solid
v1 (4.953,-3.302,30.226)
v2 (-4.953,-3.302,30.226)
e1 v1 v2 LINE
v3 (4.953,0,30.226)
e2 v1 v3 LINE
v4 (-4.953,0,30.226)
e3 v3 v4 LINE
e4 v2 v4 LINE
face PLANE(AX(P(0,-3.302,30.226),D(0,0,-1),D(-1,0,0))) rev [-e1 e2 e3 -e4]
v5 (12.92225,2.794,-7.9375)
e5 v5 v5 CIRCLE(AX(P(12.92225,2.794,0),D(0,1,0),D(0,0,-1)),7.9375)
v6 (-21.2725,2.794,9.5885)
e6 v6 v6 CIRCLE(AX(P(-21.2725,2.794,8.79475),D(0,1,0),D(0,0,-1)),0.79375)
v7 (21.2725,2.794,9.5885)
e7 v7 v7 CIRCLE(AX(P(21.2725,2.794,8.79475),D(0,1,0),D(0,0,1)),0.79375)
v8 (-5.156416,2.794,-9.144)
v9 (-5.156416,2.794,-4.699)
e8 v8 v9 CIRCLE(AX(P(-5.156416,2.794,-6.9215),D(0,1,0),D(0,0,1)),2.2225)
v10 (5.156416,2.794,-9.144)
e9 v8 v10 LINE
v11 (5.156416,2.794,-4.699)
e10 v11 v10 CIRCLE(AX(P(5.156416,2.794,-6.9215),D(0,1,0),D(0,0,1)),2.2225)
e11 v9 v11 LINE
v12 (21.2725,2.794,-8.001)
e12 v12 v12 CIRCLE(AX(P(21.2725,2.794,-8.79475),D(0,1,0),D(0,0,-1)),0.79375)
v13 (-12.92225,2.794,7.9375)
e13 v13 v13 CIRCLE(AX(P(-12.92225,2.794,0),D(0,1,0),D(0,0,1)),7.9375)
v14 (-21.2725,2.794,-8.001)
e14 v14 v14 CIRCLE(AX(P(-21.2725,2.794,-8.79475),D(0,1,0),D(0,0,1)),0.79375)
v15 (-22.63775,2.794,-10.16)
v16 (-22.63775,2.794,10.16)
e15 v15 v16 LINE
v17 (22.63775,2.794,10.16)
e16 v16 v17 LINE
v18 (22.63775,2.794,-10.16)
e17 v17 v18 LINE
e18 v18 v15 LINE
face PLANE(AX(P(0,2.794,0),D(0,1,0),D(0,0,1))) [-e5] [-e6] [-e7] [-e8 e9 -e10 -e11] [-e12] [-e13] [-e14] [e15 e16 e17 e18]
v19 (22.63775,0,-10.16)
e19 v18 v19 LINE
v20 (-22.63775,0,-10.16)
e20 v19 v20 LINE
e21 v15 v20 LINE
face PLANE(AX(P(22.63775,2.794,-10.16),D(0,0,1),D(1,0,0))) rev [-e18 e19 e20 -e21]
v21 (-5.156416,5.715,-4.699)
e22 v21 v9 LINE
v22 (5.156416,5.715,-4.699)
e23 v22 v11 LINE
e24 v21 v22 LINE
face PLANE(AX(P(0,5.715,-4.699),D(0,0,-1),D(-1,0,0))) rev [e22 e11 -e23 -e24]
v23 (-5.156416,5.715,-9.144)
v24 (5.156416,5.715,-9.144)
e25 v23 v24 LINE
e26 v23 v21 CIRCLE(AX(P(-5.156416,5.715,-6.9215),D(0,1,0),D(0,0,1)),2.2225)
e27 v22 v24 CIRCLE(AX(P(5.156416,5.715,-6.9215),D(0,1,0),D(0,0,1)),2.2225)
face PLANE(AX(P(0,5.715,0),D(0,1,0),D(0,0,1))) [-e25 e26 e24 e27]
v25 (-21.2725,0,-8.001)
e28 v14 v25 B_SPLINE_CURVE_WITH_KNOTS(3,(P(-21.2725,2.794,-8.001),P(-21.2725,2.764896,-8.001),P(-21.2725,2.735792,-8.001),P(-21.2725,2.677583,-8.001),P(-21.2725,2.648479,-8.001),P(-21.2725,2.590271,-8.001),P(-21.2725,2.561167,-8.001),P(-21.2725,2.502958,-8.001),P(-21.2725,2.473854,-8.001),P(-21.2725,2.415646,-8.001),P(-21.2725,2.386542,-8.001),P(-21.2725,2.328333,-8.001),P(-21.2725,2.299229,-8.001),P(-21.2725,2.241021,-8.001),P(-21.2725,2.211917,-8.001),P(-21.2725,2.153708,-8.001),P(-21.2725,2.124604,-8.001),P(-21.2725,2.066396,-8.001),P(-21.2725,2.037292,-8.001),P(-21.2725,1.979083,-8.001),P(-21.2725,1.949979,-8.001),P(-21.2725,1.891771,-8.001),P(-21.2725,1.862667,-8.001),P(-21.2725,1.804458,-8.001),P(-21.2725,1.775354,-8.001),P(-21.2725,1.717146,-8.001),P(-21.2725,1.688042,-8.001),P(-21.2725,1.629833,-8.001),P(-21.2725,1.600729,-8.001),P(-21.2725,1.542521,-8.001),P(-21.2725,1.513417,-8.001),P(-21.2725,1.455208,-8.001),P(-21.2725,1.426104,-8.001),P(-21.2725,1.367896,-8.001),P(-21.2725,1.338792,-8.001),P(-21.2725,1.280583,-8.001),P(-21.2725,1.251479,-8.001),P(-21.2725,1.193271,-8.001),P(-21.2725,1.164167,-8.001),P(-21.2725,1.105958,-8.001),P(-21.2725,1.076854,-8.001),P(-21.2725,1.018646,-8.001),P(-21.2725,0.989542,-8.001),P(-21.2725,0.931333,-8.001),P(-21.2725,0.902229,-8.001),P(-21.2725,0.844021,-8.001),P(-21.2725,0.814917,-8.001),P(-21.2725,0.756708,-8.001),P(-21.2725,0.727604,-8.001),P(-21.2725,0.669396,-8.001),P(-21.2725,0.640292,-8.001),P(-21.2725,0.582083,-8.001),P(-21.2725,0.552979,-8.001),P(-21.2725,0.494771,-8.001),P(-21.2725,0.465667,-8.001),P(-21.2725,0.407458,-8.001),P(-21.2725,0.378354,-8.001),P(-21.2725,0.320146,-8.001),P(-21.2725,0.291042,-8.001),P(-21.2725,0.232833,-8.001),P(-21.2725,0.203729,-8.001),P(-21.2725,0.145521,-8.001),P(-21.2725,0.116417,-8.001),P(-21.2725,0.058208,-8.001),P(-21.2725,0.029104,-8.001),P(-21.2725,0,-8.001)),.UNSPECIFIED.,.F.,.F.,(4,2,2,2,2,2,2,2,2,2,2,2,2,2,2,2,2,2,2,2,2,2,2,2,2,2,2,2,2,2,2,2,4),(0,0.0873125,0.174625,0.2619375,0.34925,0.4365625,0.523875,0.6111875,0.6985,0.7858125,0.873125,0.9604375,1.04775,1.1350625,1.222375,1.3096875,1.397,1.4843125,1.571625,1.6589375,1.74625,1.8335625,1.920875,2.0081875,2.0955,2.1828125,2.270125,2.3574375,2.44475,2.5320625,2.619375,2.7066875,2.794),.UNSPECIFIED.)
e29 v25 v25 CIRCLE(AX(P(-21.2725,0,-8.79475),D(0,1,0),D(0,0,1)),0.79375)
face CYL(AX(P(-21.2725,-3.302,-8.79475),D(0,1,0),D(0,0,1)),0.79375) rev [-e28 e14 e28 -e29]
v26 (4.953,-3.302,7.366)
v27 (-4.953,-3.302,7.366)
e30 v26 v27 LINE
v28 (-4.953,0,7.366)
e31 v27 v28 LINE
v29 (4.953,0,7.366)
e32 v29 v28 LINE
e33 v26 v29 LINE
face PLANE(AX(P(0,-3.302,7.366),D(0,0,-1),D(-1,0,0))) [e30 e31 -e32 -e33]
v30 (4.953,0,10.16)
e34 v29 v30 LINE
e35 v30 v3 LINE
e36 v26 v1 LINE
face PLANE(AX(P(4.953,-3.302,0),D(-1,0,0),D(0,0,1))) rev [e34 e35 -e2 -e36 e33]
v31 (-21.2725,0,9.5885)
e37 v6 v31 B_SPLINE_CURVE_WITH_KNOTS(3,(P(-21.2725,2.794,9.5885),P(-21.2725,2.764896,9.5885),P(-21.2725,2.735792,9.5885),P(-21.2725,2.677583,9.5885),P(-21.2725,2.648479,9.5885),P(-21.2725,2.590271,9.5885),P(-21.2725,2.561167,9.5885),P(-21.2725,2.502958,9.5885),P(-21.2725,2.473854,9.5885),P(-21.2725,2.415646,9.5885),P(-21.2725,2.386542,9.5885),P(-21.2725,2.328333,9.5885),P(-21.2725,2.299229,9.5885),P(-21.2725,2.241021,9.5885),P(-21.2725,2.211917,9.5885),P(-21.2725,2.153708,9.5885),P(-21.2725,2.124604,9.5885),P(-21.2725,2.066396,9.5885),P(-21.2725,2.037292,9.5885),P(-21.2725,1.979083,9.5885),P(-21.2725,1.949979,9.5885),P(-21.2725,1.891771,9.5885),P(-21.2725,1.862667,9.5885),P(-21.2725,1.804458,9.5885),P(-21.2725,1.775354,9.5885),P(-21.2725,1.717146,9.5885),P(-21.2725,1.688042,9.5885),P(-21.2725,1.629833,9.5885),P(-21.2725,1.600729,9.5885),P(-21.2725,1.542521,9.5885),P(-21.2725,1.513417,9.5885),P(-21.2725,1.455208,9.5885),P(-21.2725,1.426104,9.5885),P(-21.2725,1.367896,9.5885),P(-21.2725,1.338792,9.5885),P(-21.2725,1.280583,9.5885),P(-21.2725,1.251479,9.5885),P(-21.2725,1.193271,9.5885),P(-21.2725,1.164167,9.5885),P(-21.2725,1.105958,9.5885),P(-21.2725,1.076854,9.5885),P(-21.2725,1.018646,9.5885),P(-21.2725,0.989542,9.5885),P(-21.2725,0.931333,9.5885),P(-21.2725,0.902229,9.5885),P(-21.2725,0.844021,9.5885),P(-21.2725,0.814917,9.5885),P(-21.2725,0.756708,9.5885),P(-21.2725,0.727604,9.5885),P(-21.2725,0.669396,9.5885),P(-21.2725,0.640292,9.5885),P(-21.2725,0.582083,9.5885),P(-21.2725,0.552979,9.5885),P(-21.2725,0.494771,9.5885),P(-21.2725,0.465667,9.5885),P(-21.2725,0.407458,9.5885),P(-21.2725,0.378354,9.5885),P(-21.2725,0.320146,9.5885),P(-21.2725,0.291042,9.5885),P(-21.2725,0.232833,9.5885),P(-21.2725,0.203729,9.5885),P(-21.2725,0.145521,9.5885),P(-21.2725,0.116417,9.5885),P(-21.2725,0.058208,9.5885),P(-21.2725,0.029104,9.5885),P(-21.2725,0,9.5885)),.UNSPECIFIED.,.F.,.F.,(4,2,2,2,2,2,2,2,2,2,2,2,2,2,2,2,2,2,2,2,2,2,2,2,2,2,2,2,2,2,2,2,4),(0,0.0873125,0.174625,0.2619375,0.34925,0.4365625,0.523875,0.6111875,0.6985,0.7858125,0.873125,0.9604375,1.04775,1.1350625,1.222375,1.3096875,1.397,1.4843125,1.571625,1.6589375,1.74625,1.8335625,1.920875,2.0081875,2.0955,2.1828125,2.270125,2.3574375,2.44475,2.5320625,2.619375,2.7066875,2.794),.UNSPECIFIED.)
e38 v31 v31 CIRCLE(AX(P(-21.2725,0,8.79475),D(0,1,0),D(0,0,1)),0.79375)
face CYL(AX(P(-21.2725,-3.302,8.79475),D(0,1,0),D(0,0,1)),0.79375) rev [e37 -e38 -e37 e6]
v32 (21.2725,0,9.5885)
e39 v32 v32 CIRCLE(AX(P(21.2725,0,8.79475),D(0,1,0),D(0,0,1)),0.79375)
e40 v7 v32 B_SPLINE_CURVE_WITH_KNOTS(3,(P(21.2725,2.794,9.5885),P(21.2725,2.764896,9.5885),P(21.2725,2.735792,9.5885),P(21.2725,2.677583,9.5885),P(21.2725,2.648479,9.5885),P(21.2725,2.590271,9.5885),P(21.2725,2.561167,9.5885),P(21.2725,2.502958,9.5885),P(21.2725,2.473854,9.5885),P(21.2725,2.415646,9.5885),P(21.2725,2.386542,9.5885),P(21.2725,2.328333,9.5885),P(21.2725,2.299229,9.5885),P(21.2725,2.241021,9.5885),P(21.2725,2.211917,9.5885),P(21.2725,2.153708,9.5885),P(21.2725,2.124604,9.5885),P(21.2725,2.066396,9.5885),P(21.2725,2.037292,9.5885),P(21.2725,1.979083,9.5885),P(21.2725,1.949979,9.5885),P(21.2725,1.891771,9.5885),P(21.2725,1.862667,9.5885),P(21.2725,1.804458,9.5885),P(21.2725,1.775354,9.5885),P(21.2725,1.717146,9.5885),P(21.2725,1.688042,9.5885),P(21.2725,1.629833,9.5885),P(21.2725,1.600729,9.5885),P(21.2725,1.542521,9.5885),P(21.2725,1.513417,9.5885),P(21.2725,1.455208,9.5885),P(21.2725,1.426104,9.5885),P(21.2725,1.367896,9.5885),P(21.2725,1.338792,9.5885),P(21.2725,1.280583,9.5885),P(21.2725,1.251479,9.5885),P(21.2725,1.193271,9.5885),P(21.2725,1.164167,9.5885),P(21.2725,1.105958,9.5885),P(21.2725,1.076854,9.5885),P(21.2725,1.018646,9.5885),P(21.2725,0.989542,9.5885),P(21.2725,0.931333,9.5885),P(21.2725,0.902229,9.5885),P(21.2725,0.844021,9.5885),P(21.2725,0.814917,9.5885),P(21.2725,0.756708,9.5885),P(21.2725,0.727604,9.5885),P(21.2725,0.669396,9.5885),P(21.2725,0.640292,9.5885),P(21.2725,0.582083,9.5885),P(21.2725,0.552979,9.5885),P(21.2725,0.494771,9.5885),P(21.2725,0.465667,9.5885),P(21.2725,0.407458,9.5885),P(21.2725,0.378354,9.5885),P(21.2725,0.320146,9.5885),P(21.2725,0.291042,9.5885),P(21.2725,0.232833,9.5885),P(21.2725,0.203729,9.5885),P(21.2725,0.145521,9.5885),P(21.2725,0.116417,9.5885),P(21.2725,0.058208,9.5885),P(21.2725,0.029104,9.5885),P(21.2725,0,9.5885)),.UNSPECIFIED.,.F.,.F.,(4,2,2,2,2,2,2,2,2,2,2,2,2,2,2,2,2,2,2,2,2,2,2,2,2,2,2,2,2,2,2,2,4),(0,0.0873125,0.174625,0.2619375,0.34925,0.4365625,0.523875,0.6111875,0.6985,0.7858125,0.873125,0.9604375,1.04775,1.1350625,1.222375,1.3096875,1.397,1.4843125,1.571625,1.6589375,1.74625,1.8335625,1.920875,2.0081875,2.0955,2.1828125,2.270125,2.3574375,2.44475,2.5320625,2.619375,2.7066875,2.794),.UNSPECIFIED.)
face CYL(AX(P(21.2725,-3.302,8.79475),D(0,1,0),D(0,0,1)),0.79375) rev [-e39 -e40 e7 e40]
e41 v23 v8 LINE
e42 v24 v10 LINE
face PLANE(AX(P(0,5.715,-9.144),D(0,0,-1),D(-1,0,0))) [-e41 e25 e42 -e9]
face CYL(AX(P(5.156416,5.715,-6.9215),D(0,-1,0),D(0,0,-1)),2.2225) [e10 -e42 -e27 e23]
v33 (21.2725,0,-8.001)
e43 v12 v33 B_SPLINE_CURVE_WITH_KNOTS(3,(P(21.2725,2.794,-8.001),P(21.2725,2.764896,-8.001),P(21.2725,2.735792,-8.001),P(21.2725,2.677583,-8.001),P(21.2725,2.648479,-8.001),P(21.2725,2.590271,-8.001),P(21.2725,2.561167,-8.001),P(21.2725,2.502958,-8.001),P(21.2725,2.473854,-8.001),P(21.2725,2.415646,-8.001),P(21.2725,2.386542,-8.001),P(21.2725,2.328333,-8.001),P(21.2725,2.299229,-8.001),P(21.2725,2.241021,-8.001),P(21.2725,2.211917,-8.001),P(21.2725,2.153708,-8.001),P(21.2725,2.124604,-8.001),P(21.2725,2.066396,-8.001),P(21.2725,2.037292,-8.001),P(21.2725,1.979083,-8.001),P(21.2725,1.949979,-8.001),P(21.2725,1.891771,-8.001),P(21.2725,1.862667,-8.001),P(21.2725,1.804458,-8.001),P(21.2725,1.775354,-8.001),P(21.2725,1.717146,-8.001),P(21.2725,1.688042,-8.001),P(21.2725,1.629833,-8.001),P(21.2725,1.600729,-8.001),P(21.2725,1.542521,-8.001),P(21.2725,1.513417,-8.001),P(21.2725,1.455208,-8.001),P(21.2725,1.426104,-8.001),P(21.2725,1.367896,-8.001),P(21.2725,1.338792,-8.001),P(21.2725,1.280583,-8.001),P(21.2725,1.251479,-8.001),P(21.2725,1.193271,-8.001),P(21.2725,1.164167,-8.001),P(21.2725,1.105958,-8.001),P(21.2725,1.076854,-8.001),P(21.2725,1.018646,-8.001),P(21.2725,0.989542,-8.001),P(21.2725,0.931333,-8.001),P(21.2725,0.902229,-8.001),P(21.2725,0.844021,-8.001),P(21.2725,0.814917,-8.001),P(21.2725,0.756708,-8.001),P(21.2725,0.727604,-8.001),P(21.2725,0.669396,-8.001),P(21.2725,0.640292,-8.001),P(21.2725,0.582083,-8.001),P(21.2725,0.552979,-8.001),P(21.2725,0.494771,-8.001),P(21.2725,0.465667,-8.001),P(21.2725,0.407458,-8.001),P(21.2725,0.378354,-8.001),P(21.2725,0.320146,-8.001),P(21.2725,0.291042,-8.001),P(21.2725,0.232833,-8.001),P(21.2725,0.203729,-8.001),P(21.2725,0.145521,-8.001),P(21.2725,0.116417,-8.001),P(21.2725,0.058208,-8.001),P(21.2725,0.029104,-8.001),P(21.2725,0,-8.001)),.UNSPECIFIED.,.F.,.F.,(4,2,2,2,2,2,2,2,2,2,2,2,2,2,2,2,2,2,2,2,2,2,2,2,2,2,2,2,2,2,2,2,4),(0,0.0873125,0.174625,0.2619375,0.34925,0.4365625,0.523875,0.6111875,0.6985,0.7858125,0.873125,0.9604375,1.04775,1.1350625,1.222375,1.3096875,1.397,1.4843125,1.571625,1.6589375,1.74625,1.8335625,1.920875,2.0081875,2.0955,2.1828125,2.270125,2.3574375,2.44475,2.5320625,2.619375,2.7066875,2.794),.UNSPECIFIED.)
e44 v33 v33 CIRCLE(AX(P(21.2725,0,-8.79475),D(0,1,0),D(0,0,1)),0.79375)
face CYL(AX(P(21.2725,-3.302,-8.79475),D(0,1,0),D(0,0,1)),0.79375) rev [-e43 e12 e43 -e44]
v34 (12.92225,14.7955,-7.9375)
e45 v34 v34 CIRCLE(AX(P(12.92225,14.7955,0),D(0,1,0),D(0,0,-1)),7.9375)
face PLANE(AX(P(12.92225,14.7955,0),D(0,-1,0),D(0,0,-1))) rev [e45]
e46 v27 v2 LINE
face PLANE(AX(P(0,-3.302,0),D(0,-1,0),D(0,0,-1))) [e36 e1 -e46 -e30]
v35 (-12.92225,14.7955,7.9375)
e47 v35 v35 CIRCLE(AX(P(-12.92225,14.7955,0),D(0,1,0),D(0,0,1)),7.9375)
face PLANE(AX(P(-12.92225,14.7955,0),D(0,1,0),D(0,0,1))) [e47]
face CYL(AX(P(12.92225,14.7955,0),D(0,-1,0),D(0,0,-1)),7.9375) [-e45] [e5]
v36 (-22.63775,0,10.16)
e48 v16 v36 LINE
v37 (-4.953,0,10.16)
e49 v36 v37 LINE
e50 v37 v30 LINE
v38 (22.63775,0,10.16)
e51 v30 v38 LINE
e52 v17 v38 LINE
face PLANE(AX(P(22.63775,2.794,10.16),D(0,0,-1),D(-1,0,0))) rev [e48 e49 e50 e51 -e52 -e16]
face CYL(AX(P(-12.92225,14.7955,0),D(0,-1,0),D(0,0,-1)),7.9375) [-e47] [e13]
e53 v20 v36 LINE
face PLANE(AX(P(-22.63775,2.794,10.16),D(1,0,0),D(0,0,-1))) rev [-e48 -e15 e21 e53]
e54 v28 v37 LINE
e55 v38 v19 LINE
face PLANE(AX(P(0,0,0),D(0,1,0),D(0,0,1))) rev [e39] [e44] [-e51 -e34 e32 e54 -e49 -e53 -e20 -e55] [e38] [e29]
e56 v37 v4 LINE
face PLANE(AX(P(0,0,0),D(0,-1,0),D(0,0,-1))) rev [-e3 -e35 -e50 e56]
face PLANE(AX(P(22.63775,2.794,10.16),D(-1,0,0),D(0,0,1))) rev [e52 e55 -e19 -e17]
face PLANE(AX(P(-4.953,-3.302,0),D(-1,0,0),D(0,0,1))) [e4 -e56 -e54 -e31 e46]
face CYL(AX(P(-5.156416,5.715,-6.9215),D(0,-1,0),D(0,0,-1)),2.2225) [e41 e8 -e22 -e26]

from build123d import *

# Parameters (mm, degrees)
SKETCH1_W           = 45.2755
SKETCH1_H           = 20.32
BOSS_EXTRUDE1_DEPTH = 2.794
SKETCH2_R           = 7.9375
BOSS_EXTRUDE2_DEPTH = 12.0015
BOSS_EXTRUDE3_DEPTH = 2.921
SKETCH5_W           = 9.906
SKETCH5_H           = 20.066
SKETCH5_H_2         = 2.794
BOSS_EXTRUDE4_DEPTH = 3.302
SKETCH6_R           = 0.79375
CUT_EXTRUDE1_DEPTH  = 40.624674173


with BuildPart() as part:
    # Sketch1 → Boss-Extrude1 (new body)
    with BuildSketch(Plane(origin=(0, 0, 0), x_dir=(1, 0, 0), z_dir=(0, 1, 0))):
        Rectangle(SKETCH1_W, SKETCH1_H)
    extrude(amount=BOSS_EXTRUDE1_DEPTH)

    # Sketch2 → Boss-Extrude2 (add)
    with BuildSketch(Plane(origin=(0, 2.794, 0), x_dir=(1, 0, 0), z_dir=(0, 1, 0))):
        with Locations(Location((-12.92225, 0, 0), (0, 0, 270))):
            Circle(SKETCH2_R)
        with Locations(Location((12.92225, 0, 0), (0, 0, 90))):
            Circle(SKETCH2_R)
    extrude(amount=BOSS_EXTRUDE2_DEPTH)

    # Sketch3 → Boss-Extrude3 (add)
    with BuildSketch(Plane(origin=(0, 2.794, 0), x_dir=(1, 0, 0), z_dir=(0, 1, 0))):
        with BuildLine():
            Line((-5.156416146, 9.144), (5.156416146, 9.144))
            ThreePointArc((5.156416146, 9.144), (7.378916146, 6.9215), (5.156416146, 4.699))
            Line((5.156416146, 4.699), (-5.156416146, 4.699))
            ThreePointArc((-5.156416146, 4.699), (-7.378916146, 6.9215), (-5.156416146, 9.144))
        make_face()
    extrude(amount=BOSS_EXTRUDE3_DEPTH)

    # Sketch5 → Boss-Extrude4 (add)
    with BuildSketch(Plane.XZ):
        with Locations((0, 20.193)):
            Rectangle(SKETCH5_W, SKETCH5_H)
        with Locations((0, 8.763)):
            Rectangle(SKETCH5_W, SKETCH5_H_2)
    extrude(amount=BOSS_EXTRUDE4_DEPTH)

    # Sketch6 → Cut-Extrude1 (cut, through all)
    with BuildSketch(Plane(origin=(0, 2.794, 0), x_dir=(1, 0, 0), z_dir=(0, 1, 0))):
        with Locations(Location((-21.2725, 8.79475, 0), (0, 0, 270))):
            Circle(SKETCH6_R)
        with Locations(Location((-21.2725, -8.79475, 0), (0, 0, 270))):
            Circle(SKETCH6_R)
        with Locations(Location((21.2725, -8.79475, 0), (0, 0, 270))):
            Circle(SKETCH6_R)
        with Locations(Location((21.2725, 8.79475, 0), (0, 0, 270))):
            Circle(SKETCH6_R)
    extrude(amount=-CUT_EXTRUDE1_DEPTH, mode=Mode.SUBTRACT)


solid = part.part
